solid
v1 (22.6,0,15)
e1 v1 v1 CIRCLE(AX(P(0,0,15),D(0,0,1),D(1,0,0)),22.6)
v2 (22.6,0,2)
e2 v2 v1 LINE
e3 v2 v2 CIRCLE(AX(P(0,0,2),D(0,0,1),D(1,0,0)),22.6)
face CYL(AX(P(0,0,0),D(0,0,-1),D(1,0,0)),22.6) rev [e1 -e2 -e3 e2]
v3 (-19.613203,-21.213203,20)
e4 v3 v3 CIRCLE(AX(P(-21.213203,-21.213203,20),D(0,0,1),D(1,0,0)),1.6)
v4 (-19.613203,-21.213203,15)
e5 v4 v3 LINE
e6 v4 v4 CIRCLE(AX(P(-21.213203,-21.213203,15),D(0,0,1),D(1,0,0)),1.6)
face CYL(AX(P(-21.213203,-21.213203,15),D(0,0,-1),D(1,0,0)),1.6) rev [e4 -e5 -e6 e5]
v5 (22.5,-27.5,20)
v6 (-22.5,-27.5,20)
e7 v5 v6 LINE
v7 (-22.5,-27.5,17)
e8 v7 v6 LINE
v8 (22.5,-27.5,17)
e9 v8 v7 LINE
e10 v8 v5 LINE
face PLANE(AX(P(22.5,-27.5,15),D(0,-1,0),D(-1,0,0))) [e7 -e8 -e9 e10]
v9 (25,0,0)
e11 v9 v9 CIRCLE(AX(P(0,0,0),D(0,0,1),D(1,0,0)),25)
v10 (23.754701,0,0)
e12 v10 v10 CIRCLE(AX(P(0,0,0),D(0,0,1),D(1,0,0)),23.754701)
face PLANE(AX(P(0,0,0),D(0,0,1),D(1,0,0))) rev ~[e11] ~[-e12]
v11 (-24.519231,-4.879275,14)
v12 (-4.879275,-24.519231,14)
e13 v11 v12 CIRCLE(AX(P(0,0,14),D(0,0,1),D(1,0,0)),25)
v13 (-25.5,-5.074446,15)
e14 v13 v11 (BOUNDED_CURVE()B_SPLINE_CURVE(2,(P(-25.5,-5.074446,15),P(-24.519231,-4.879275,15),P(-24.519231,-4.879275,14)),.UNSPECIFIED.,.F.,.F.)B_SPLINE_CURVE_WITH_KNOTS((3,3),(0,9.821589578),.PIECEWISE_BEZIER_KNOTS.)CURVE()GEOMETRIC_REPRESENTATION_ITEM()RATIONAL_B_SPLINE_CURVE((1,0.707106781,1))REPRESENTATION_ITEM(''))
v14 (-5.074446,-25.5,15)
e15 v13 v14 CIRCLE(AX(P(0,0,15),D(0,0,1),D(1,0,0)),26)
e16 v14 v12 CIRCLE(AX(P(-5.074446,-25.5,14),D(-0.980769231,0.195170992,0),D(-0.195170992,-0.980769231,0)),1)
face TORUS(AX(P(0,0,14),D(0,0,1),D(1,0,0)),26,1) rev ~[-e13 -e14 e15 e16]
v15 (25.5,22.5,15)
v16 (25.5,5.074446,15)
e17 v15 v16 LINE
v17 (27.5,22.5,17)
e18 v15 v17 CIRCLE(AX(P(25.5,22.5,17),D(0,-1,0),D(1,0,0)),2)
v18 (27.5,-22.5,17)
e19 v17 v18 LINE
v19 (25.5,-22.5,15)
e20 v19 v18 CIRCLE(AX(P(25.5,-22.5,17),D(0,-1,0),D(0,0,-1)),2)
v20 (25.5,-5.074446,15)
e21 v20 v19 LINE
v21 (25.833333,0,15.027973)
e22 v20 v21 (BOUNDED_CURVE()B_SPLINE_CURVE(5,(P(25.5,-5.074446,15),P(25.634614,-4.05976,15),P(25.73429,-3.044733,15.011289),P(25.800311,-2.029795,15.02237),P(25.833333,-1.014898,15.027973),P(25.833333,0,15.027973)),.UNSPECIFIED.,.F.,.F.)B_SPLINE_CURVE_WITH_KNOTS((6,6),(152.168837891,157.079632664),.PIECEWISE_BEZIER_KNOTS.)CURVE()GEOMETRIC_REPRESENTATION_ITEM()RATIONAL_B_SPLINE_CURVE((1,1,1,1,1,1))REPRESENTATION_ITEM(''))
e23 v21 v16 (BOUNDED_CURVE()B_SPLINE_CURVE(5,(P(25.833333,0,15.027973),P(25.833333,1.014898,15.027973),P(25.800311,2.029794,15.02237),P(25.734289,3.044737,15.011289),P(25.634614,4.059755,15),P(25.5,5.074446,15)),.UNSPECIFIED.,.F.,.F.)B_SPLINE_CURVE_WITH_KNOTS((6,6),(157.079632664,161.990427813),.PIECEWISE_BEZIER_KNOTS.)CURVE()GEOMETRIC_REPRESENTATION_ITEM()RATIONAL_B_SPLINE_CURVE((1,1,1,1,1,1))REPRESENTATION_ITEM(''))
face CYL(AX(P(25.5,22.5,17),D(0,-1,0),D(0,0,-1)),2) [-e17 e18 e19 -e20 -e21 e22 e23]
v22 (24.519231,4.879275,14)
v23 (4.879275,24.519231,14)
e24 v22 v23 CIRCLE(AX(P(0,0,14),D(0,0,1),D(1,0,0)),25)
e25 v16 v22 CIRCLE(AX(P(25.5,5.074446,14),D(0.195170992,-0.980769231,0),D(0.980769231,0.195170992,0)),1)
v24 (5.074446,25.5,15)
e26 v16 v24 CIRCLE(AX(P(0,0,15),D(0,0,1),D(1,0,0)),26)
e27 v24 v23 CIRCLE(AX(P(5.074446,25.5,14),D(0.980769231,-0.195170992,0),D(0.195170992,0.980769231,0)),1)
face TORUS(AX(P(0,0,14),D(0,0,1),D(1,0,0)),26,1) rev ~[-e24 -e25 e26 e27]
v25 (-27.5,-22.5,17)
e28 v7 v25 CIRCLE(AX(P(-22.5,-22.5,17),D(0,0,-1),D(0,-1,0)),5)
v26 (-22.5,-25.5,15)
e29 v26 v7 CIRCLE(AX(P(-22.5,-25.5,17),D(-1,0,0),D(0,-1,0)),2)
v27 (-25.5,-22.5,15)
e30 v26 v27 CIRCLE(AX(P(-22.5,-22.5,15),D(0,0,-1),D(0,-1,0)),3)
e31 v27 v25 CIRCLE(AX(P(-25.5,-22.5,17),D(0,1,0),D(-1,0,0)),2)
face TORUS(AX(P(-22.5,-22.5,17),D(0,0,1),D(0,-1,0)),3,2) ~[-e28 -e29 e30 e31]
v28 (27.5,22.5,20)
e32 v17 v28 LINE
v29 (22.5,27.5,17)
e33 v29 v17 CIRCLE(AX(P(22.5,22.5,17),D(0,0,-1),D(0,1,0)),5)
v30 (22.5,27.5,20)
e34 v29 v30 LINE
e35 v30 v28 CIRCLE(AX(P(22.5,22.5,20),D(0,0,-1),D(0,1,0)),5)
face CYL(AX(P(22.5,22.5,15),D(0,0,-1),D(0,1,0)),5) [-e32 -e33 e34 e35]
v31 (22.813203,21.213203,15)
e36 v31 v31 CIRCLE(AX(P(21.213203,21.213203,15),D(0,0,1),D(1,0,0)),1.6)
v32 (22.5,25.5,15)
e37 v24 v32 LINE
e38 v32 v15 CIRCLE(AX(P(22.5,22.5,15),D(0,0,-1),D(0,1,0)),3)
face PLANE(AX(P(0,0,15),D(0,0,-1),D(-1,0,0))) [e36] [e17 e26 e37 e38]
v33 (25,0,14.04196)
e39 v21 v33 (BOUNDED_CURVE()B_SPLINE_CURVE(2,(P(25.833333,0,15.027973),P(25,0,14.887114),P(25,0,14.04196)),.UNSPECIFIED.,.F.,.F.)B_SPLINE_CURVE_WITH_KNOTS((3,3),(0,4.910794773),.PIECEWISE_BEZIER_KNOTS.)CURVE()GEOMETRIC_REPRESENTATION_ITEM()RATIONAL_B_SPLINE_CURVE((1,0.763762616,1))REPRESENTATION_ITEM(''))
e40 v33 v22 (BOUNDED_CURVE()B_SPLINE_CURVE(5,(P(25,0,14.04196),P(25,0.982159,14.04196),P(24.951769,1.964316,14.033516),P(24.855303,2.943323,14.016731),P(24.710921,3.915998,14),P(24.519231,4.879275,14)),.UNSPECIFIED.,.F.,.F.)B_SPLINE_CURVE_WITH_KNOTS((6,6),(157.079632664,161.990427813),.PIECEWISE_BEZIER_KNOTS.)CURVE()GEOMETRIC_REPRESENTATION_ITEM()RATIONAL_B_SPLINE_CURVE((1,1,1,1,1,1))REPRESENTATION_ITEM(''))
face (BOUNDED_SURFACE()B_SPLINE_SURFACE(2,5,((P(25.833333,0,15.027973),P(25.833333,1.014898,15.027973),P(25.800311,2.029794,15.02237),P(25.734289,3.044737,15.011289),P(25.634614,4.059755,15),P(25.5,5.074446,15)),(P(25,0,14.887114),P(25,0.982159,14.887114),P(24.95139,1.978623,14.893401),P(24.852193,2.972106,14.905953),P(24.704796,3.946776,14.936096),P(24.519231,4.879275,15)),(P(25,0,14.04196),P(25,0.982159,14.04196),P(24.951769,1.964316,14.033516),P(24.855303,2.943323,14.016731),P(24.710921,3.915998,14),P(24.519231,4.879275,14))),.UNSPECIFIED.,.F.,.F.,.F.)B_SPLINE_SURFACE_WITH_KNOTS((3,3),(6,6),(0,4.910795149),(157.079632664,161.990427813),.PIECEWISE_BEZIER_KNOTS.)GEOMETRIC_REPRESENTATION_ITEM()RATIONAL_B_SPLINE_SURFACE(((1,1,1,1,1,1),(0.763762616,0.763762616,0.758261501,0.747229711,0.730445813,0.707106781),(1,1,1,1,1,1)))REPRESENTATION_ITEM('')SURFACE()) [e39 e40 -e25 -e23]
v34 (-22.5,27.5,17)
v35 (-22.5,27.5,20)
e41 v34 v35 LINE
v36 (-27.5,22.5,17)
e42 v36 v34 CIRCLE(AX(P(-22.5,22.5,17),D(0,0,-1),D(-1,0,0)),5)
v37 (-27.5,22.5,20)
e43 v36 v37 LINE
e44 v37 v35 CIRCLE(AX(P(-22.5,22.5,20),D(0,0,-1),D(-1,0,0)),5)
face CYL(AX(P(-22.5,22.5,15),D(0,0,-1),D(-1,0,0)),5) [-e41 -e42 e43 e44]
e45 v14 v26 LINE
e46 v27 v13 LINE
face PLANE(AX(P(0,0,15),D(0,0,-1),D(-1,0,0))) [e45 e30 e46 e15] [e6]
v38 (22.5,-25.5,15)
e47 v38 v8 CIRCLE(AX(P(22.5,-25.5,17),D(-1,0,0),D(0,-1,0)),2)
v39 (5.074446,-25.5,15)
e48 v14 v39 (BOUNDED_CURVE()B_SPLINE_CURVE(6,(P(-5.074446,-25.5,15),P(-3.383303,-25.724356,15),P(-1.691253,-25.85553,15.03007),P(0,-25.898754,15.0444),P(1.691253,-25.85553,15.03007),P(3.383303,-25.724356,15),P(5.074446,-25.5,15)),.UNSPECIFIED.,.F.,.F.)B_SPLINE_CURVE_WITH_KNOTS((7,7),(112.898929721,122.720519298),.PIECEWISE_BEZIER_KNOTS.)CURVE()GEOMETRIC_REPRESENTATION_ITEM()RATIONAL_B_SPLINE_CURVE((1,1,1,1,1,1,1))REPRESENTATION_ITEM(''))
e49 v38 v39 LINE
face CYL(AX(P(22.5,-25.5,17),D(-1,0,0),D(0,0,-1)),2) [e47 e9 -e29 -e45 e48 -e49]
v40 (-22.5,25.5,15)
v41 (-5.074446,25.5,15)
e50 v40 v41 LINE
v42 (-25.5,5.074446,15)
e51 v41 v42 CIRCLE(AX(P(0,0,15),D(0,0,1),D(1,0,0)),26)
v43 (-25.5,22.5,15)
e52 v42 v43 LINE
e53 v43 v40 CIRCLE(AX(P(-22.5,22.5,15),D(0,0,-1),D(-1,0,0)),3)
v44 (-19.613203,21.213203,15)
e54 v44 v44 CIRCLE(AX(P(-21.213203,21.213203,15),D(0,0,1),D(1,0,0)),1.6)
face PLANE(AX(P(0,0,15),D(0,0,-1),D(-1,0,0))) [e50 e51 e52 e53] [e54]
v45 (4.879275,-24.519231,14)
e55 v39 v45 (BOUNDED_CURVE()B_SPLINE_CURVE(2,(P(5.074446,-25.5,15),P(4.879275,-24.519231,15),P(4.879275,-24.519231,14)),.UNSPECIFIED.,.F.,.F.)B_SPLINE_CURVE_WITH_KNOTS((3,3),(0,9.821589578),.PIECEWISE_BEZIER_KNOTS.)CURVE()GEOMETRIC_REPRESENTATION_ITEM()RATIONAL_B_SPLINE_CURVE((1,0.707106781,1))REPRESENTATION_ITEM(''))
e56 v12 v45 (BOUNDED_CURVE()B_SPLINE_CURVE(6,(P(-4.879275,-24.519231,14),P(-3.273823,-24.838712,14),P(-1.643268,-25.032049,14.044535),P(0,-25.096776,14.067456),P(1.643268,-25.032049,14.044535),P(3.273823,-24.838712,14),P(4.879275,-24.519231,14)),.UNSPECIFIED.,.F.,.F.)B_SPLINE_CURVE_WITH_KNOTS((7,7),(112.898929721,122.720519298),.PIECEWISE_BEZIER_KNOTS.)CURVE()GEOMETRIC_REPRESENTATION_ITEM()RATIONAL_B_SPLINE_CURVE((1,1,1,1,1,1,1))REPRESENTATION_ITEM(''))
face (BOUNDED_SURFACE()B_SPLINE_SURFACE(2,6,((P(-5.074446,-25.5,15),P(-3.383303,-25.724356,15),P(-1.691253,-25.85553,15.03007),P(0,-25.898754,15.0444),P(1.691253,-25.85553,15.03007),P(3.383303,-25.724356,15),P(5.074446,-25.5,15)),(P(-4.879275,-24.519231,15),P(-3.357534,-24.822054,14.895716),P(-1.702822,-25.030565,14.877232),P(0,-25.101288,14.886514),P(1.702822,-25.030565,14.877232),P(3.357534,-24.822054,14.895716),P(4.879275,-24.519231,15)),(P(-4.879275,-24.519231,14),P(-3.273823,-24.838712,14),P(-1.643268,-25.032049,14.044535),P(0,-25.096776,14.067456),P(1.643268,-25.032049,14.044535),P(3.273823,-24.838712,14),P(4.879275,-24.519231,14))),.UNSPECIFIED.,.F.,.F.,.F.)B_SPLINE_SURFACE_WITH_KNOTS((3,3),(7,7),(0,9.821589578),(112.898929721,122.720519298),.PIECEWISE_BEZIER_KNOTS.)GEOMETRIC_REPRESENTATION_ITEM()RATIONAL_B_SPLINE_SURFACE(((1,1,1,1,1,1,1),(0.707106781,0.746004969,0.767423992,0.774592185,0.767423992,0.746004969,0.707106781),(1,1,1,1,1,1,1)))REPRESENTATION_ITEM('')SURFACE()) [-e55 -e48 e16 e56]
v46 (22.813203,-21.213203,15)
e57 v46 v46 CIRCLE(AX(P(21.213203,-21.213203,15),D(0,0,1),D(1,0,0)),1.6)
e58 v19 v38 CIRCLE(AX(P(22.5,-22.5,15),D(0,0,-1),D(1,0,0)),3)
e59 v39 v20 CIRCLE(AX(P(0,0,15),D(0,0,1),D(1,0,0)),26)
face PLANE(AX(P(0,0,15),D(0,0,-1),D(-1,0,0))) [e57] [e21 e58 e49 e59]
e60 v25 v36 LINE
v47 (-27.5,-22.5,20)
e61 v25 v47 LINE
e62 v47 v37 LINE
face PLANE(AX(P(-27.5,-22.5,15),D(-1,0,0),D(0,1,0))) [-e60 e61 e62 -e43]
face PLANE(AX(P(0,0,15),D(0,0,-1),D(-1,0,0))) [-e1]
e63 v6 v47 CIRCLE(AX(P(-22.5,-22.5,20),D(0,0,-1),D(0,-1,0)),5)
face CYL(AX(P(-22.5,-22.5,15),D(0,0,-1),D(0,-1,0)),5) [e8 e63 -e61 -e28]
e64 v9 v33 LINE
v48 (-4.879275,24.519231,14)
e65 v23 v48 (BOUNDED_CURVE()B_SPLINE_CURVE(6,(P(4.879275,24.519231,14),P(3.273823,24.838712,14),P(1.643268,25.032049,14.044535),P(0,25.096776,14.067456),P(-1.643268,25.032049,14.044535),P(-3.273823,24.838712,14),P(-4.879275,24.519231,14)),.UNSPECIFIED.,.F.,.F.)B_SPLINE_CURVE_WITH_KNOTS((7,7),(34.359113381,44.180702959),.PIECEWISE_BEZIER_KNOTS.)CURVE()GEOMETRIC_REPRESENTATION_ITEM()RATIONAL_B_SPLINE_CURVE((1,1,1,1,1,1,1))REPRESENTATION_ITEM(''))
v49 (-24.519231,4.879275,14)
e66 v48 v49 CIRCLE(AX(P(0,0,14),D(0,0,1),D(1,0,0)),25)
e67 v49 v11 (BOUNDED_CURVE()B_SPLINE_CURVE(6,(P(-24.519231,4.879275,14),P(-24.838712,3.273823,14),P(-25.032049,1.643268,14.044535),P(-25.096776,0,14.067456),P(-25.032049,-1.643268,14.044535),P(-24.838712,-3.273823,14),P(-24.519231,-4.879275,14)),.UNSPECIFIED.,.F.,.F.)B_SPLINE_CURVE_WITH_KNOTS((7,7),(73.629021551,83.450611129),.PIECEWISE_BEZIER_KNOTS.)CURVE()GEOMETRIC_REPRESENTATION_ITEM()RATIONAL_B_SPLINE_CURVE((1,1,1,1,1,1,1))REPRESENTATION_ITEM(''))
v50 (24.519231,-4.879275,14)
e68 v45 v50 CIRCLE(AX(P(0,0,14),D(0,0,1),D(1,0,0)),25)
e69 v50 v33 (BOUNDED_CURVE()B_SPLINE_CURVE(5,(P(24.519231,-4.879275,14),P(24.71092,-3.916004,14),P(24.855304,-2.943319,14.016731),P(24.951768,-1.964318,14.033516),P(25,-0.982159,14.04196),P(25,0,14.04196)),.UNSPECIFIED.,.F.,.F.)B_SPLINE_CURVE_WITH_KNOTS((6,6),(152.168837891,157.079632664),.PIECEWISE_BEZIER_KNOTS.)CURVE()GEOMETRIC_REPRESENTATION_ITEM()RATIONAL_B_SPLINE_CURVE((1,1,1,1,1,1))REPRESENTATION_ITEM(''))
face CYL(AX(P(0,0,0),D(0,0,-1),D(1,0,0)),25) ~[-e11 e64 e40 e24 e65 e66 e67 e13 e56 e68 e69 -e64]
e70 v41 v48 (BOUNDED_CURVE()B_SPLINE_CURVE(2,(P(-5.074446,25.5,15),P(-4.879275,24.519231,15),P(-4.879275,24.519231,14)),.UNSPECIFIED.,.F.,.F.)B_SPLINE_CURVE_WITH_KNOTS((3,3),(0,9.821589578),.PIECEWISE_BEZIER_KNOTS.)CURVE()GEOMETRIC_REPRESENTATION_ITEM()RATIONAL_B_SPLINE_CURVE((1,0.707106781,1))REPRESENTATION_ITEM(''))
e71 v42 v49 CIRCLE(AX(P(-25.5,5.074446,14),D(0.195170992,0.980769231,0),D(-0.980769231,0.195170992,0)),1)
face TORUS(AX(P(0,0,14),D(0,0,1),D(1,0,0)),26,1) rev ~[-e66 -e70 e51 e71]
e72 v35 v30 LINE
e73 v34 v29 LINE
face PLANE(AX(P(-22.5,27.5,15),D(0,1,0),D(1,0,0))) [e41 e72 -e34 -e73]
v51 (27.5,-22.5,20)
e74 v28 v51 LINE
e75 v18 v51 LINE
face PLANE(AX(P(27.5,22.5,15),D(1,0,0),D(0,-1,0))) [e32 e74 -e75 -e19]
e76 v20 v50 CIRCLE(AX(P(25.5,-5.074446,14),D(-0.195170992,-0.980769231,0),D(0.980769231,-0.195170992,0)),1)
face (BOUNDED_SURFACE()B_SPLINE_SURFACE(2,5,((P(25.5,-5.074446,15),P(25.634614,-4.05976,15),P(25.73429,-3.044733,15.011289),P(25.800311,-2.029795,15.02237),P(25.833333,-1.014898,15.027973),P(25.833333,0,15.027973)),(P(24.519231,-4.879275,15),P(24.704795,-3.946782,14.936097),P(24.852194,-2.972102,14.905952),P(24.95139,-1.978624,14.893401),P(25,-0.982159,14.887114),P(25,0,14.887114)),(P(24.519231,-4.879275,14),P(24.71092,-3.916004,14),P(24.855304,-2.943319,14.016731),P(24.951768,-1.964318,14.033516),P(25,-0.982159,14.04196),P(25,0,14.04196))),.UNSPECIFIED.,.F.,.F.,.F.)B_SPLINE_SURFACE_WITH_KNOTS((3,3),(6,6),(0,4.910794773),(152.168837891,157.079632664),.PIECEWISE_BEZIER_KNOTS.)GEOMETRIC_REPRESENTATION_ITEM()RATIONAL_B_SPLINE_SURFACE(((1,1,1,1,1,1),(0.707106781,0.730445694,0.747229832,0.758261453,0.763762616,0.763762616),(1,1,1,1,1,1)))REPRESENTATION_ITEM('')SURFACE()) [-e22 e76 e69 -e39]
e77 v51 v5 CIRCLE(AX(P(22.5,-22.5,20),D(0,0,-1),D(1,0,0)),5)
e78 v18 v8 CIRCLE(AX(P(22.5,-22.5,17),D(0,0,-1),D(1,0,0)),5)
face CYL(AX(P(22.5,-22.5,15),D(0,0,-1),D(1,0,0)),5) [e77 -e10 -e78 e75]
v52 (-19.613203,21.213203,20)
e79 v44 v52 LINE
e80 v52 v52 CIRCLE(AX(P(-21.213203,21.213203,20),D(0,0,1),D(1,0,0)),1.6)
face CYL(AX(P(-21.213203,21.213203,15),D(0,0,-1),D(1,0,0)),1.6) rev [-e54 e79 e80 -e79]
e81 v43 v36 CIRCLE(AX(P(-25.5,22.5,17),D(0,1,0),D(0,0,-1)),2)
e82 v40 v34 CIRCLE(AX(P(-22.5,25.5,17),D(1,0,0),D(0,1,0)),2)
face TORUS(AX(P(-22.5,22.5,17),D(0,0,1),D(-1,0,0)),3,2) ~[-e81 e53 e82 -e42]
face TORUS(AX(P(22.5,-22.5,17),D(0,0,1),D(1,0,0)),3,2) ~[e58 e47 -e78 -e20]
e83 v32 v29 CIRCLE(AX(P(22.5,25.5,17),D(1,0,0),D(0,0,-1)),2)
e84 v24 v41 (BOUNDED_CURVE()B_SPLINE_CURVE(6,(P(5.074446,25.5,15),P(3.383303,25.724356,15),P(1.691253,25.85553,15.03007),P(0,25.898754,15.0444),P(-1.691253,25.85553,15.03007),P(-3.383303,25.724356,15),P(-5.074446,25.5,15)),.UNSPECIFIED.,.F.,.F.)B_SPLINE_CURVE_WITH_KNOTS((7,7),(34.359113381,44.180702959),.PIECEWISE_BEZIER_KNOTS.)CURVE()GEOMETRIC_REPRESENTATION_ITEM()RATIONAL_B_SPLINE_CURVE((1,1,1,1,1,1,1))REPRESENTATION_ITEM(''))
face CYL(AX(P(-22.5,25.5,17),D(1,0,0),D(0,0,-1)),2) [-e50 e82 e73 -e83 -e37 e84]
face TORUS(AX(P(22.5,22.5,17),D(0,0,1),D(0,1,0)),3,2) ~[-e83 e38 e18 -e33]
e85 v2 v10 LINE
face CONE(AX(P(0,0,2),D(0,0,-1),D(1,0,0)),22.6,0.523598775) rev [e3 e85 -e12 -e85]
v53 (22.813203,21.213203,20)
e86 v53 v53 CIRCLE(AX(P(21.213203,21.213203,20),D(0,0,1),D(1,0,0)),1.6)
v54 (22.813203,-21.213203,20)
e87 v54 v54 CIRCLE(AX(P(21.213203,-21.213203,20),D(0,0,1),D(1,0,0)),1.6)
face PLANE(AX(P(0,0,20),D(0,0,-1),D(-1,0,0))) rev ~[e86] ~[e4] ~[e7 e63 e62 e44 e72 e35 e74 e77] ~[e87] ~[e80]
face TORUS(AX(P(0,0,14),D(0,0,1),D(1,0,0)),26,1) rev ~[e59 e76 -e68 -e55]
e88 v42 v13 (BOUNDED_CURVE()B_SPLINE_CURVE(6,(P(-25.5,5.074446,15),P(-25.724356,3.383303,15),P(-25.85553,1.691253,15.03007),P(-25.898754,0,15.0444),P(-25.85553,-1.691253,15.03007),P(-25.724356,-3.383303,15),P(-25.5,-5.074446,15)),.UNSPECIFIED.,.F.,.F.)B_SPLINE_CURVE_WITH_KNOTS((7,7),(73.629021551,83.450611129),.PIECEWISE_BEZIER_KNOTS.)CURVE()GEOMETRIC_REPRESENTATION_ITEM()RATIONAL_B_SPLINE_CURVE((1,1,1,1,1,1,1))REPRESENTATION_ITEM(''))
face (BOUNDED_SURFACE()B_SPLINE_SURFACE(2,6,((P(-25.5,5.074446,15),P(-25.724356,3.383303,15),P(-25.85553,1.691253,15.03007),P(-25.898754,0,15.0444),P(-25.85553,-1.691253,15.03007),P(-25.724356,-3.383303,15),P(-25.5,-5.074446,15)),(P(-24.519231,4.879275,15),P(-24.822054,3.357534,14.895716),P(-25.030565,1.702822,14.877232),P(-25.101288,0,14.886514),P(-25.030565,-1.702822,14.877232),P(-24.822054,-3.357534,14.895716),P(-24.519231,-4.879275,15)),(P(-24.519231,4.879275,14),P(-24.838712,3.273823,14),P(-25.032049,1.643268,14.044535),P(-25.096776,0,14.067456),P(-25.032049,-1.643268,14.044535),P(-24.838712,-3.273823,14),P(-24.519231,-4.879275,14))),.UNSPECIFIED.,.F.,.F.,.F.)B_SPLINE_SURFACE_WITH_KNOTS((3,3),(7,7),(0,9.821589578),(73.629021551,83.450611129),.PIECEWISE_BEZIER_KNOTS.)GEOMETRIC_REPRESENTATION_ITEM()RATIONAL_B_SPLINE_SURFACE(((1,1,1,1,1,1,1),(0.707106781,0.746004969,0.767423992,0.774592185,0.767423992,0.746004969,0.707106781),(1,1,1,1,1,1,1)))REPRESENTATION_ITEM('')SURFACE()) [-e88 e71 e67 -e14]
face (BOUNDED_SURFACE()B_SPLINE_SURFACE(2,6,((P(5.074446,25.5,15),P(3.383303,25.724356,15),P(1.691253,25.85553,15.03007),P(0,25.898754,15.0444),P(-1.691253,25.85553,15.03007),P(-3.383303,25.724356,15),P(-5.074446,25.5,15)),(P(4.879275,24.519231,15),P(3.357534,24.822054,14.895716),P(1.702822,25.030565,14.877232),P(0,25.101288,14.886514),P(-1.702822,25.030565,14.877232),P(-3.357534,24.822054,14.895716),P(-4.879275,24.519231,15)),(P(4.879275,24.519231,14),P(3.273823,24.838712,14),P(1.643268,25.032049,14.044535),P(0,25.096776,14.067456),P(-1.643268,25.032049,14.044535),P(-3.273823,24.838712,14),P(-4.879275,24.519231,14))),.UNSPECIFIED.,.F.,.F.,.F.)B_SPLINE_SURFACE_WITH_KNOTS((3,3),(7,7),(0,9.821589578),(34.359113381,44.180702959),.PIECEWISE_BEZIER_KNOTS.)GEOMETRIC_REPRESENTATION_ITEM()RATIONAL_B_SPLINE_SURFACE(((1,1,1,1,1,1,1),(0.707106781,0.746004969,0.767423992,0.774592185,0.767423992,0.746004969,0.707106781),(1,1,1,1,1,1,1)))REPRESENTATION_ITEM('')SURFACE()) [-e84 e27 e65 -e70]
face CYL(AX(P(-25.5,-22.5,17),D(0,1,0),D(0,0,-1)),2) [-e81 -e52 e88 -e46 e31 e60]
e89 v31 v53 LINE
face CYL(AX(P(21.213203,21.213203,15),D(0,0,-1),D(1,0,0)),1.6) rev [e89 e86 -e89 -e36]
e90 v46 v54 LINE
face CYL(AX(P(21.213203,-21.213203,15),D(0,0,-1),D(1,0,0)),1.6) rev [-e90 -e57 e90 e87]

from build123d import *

# Parameters (mm, degrees)
SZKIC1_R                    = 25
SZKIC1_R_2                  = 22.6
DODANIE_WYCI_GNI_CIE1_DEPTH = 15
SZKIC2_R                    = 1.6
DODANIE_WYCI_GNI_CIE2_DEPTH = 5
ZAOKR_GLENIE3_R             = 2
ZAOKR_GLENIE4_R             = 1
SFAZOWANIE1_SIZE            = 2
SFAZOWANIE1_SIZE2           = 1.154700538


with BuildPart() as part:
    # Szkic1 → Dodanie-wyciągnięcie1 (new body)
    with BuildSketch(Plane.XY):
        Circle(SZKIC1_R)
        Circle(SZKIC1_R_2, mode=Mode.SUBTRACT)
    extrude(amount=DODANIE_WYCI_GNI_CIE1_DEPTH)

    # Szkic2 → Dodanie-wyciągnięcie2 (add)
    with BuildSketch(Plane.XY.offset(15)):
        with BuildLine():
            Line((-22.5, 27.5), (22.5, 27.5))
            ThreePointArc((22.5, 27.5), (26.035533906, 26.035533906), (27.5, 22.5))
            Line((27.5, 22.5), (27.5, -22.5))
            ThreePointArc((27.5, -22.5), (26.035533906, -26.035533906), (22.5, -27.5))
            Line((22.5, -27.5), (-22.5, -27.5))
            ThreePointArc((-22.5, -27.5), (-26.035533906, -26.035533906), (-27.5, -22.5))
            Line((-27.5, -22.5), (-27.5, 22.5))
            ThreePointArc((-27.5, 22.5), (-26.035533906, 26.035533906), (-22.5, 27.5))
        make_face()
        with Locations((-21.213203436, 21.213203436)):
            Circle(SZKIC2_R, mode=Mode.SUBTRACT)
        with Locations((21.213203436, 21.213203436)):
            Circle(SZKIC2_R, mode=Mode.SUBTRACT)
        with Locations((21.213203436, -21.213203436)):
            Circle(SZKIC2_R, mode=Mode.SUBTRACT)
        with Locations((-21.213203436, -21.213203436)):
            Circle(SZKIC2_R, mode=Mode.SUBTRACT)
    extrude(amount=DODANIE_WYCI_GNI_CIE2_DEPTH)

    # Zaokrąglenie3
    zaokr_glenie3_edges = [part.edges().sort_by_distance(p)[0] for p in [
        (-26.035533906, -26.035533906, 15),
        (0, -27.5, 15),
        (26.035533906, -26.035533906, 15),
        (27.5, 0, 15),
        (26.035533906, 26.035533906, 15),
        (0, 27.5, 15),
        (-26.035533906, 26.035533906, 15),
        (-27.5, 0, 15),
    ]]
    fillet(zaokr_glenie3_edges, radius=ZAOKR_GLENIE3_R)

    # Zaokrąglenie4
    zaokr_glenie4_edges = [part.edges().sort_by_distance(p)[0] for p in [
        (-25, 0, 15),
    ]]
    fillet(zaokr_glenie4_edges, radius=ZAOKR_GLENIE4_R)

    # Sfazowanie1
    sfazowanie1_edges = [part.edges().sort_by_distance(p)[0] for p in [
        (-22.6, 0, 0),
    ]]
    sfazowanie1_side = [part.faces().sort_by_distance(p)[0] for p in [
        (-22.6, 0, 7.5),
    ]]
    chamfer(sfazowanie1_edges, length=SFAZOWANIE1_SIZE, length2=SFAZOWANIE1_SIZE2, reference=sfazowanie1_side[0])


solid = part.part
